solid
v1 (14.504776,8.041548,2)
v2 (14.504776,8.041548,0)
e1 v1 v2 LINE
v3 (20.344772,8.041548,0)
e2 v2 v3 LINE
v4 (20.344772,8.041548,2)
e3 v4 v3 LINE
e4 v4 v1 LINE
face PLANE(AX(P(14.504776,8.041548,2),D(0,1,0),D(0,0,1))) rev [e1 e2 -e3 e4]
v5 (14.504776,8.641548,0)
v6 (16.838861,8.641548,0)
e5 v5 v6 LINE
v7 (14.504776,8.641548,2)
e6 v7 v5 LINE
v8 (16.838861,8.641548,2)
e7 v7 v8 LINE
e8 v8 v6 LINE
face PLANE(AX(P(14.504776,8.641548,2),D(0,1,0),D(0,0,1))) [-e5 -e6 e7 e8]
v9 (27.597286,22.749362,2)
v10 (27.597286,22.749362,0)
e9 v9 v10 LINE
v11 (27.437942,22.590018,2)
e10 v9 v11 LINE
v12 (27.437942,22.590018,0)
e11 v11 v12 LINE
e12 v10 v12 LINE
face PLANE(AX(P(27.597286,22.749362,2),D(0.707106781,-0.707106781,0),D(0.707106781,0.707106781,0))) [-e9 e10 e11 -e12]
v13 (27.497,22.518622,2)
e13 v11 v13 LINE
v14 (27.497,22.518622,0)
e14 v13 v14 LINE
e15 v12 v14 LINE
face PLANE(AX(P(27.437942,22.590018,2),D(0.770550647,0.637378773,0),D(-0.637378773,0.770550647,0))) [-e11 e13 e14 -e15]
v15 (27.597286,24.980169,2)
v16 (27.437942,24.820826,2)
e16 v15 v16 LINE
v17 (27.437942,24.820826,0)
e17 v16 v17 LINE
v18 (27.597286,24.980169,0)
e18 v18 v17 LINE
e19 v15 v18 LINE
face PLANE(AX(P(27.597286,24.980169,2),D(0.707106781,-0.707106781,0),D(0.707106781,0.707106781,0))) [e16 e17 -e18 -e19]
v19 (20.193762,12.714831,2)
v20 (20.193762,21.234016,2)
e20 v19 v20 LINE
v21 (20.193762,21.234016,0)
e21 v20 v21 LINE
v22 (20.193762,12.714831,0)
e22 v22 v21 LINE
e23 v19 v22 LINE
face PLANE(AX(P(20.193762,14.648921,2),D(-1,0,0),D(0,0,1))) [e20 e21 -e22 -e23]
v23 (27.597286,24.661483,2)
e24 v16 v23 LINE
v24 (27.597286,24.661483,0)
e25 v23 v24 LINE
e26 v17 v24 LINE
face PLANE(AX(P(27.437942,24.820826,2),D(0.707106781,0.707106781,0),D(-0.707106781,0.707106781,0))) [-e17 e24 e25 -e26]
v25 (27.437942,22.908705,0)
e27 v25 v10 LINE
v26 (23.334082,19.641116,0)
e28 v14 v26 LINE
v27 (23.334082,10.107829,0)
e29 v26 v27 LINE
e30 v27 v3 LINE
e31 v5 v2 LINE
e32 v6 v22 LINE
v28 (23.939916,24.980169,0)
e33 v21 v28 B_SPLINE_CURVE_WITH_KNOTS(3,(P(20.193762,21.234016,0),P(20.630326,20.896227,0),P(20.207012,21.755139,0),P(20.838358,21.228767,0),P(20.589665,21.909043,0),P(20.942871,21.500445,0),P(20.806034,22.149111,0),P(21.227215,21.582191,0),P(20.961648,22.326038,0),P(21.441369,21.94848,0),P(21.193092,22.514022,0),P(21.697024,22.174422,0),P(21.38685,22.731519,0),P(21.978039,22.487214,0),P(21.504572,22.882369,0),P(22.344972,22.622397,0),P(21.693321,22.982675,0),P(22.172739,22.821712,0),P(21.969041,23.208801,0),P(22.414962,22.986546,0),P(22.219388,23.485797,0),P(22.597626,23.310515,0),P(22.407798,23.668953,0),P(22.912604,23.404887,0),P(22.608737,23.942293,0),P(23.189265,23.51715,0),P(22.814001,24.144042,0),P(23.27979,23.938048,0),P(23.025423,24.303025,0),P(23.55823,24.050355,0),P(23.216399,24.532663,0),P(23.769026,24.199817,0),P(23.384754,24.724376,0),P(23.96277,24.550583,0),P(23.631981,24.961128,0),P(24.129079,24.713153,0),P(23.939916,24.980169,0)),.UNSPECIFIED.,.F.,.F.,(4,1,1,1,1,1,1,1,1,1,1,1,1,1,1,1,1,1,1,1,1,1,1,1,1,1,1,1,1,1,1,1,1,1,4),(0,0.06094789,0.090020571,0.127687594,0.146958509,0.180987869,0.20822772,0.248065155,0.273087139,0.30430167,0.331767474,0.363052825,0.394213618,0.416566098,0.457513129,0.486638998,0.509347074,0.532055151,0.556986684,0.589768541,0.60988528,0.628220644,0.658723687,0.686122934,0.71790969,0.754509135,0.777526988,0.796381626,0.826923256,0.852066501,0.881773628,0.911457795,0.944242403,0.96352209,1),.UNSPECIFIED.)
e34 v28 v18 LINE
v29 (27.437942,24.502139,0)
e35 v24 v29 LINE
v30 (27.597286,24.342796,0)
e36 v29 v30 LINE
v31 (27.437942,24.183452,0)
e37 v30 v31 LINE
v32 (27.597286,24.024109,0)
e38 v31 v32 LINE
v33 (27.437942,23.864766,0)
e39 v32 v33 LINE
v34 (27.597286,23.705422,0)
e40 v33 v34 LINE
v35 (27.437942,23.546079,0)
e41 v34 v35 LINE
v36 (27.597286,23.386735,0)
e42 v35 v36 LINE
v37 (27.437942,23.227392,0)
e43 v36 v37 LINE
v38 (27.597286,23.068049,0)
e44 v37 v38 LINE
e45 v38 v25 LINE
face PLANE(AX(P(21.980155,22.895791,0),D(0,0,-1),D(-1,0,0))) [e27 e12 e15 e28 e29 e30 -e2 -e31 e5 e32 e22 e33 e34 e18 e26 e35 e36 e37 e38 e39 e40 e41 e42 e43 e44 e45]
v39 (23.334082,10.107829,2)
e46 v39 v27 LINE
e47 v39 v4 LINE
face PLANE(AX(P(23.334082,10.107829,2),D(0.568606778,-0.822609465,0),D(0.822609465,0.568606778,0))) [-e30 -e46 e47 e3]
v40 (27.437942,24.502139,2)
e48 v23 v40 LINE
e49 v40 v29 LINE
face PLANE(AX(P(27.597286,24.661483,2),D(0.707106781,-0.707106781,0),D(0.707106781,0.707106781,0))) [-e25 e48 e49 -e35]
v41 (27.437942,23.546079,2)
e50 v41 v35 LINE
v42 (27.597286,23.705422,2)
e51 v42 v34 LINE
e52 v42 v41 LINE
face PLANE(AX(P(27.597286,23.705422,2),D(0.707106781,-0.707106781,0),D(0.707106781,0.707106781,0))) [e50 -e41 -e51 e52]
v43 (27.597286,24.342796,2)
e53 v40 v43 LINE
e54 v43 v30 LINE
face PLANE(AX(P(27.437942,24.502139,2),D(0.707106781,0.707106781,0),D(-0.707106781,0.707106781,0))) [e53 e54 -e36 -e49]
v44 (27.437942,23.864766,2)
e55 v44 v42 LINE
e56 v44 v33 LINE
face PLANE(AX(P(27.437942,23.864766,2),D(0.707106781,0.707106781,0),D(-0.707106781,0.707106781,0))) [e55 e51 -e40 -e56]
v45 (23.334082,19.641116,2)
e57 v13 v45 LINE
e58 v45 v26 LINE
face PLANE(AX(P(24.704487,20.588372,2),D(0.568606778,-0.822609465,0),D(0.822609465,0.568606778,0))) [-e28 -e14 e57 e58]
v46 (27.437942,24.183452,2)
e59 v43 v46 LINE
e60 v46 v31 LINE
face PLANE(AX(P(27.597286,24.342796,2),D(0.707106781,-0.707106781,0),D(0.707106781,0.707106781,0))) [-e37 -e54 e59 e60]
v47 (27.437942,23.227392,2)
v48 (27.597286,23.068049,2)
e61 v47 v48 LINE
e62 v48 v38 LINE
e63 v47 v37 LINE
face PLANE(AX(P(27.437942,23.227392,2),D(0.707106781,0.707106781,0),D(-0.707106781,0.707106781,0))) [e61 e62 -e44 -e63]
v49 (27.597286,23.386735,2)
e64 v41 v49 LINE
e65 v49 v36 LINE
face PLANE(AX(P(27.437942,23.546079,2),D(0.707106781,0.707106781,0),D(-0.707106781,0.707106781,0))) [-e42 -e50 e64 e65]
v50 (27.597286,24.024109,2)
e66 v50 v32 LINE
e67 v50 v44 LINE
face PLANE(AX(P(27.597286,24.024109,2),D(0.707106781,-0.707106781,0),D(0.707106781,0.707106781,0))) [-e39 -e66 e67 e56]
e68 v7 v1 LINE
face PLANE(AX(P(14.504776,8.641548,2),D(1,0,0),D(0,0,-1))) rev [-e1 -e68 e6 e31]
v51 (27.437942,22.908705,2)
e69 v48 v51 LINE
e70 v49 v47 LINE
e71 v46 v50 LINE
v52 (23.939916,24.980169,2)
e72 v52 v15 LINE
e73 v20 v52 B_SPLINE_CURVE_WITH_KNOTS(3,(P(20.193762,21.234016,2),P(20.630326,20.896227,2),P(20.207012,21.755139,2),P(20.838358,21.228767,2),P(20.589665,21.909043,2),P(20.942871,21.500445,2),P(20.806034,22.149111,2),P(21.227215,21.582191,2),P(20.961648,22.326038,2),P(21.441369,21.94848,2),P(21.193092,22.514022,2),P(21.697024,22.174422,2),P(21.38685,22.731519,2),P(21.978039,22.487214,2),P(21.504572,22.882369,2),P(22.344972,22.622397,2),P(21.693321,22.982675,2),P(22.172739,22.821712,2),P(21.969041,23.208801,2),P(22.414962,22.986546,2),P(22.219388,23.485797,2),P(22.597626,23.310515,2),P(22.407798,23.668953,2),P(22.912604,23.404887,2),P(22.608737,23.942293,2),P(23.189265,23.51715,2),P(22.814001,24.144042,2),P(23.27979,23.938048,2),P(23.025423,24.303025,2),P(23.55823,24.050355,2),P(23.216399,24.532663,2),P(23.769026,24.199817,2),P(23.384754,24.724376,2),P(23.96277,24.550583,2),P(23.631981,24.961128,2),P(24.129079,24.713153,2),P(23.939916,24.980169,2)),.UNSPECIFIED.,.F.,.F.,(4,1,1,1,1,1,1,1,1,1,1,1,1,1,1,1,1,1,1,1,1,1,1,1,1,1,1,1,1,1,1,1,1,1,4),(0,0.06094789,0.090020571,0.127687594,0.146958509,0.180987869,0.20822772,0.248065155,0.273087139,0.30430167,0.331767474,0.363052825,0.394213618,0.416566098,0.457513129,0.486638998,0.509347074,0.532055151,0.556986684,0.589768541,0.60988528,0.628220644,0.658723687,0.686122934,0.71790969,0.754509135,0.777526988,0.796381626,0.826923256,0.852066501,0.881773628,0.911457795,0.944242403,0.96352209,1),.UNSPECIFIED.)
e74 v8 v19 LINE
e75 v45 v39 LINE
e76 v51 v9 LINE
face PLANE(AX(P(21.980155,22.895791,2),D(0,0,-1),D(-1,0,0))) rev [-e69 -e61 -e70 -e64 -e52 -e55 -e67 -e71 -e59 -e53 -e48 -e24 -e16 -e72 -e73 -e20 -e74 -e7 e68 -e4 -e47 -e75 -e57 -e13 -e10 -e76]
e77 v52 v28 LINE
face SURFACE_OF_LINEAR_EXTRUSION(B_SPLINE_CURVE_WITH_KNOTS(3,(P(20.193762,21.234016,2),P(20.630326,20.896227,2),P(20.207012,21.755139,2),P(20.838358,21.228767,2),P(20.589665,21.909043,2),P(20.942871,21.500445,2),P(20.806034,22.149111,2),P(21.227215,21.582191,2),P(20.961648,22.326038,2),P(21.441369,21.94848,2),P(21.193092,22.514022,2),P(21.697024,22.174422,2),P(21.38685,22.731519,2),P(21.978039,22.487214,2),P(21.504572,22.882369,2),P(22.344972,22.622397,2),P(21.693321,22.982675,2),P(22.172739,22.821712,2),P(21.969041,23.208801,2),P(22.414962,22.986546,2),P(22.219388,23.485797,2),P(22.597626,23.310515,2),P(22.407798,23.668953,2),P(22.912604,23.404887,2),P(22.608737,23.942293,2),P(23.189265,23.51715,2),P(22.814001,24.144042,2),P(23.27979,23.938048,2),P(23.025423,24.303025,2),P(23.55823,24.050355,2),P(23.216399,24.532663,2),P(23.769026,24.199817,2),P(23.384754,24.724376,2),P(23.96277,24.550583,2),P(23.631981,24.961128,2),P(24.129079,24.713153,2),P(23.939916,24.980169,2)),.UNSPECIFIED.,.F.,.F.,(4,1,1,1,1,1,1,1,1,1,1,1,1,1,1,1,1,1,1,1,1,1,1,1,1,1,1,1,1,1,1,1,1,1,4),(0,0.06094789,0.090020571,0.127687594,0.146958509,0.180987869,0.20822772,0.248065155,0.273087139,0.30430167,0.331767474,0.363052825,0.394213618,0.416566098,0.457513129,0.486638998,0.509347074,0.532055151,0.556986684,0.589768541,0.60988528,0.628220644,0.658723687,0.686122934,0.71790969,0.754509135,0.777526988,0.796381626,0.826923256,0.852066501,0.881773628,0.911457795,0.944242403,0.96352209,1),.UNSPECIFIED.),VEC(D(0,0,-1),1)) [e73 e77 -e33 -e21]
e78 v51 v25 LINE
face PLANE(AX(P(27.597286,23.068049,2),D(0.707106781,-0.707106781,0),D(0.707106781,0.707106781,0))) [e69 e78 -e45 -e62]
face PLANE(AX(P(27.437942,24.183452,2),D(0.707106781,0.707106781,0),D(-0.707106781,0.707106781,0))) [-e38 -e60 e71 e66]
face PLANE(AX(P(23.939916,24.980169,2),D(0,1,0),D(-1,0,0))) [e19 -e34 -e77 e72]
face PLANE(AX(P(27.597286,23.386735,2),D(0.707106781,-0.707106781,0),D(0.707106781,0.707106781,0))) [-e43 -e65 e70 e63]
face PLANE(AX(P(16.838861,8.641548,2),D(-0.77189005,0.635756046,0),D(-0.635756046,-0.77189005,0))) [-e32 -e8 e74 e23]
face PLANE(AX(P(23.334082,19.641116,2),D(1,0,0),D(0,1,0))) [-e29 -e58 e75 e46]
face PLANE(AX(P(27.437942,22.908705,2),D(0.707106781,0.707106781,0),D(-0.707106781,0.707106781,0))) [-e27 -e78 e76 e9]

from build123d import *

# Parameters (mm, degrees)
BOSS_EXTRUDE1_DEPTH = 2


with BuildPart() as part:
    # Sketch1 → Boss-Extrude1 (new body)
    with BuildSketch(Plane.XY):
        with BuildLine():
            Line((27.597285827, 24.98016944), (27.437942417, 24.82082603))
            Line((27.437942417, 24.82082603), (27.597285827, 24.661482619))
            Line((27.597285827, 24.661482619), (27.437942417, 24.502139209))
            Line((27.437942417, 24.502139209), (27.597285827, 24.342795798))
            Line((27.597285827, 24.342795798), (27.437942417, 24.183452388))
            Line((27.437942417, 24.183452388), (27.597285827, 24.024108977))
            Line((27.597285827, 24.024108977), (27.437942417, 23.864765566))
            Line((27.437942417, 23.864765566), (27.597285827, 23.705422156))
            Line((27.597285827, 23.705422156), (27.437942417, 23.546078745))
            Line((27.437942417, 23.546078745), (27.597285827, 23.386735335))
            Line((27.597285827, 23.386735335), (27.437942417, 23.227391924))
            Line((27.437942417, 23.227391924), (27.597285827, 23.068048514))
            Line((27.597285827, 23.068048514), (27.437942417, 22.908705103))
            Line((27.437942417, 22.908705103), (27.597285827, 22.749361693))
            Line((27.597285827, 22.749361693), (27.437942417, 22.590018282))
            Line((27.437942417, 22.590018282), (27.496999838, 22.518621593))
            Line((27.496999838, 22.518621593), (24.704486965, 20.588371803))
            Line((24.704486965, 20.588371803), (23.334082448, 19.641116355))
            Line((23.334082448, 19.641116355), (23.334082448, 10.107828937))
            Line((23.334082448, 10.107828937), (20.344771622, 8.041547829))
            Line((20.344771622, 8.041547829), (17.997981037, 8.041547829))
            Line((17.997981037, 8.041547829), (17.497981037, 8.041547829))
            Line((17.497981037, 8.041547829), (14.504775841, 8.041547829))
            Line((14.504775841, 8.041547829), (14.504775841, 8.641547829))
            Line((14.504775841, 8.641547829), (16.838861385, 8.641547829))
            Line((16.838861385, 8.641547829), (20.193762011, 12.714831013))
            Line((20.193762011, 12.714831013), (20.193762011, 14.648921355))
            Line((20.193762011, 14.648921355), (20.193762011, 21.234015946))
            add(Edge.make_bspline(
                [(20.193762011, 21.234015946), (20.630326079, 20.896226809), (20.207011544, 21.755138532), (20.838358118, 21.228767141), (20.589664816, 21.909043014), (20.94287076, 21.500445283), (20.806034301, 22.149110961), (21.227214911, 21.582190664), (20.96164789, 22.326037829), (21.441369386, 21.948480099), (21.193091591, 22.51402248), (21.697024035, 22.174422347), (21.38684954, 22.731518628), (21.978039263, 22.487213764), (21.504571677, 22.882369453), (22.344972241, 22.62239717), (21.693320733, 22.982675486), (22.172739197, 22.821711798), (21.969040643, 23.208800923), (22.414961819, 22.986546391), (22.219387578, 23.485797203), (22.597626033, 23.310514939), (22.407798445, 23.66895302), (22.912603709, 23.404886628), (22.60873727, 23.942293), (23.189264563, 23.517149668), (22.814000792, 24.144042117), (23.279790075, 23.938048407), (23.025422672, 24.303024744), (23.558230063, 24.050355411), (23.216399008, 24.532663237), (23.769025826, 24.199817166), (23.384754432, 24.724376165), (23.96276988, 24.550582896), (23.631981, 24.961128161), (24.129079367, 24.713153373), (23.939915506, 24.98016944)],
                knots=[0, 0, 0, 0, 0.06094789, 0.090020571, 0.127687594, 0.146958509, 0.180987869, 0.20822772, 0.248065155, 0.273087139, 0.30430167, 0.331767474, 0.363052825, 0.394213618, 0.416566098, 0.457513129, 0.486638998, 0.509347074, 0.532055151, 0.556986684, 0.589768541, 0.60988528, 0.628220644, 0.658723687, 0.686122934, 0.71790969, 0.754509135, 0.777526988, 0.796381626, 0.826923256, 0.852066501, 0.881773628, 0.911457795, 0.944242403, 0.96352209, 1, 1, 1, 1], degree=3))
            Line((23.939915506, 24.98016944), (27.597285827, 24.98016944))
        make_face()
    extrude(amount=BOSS_EXTRUDE1_DEPTH)


solid = part.part
